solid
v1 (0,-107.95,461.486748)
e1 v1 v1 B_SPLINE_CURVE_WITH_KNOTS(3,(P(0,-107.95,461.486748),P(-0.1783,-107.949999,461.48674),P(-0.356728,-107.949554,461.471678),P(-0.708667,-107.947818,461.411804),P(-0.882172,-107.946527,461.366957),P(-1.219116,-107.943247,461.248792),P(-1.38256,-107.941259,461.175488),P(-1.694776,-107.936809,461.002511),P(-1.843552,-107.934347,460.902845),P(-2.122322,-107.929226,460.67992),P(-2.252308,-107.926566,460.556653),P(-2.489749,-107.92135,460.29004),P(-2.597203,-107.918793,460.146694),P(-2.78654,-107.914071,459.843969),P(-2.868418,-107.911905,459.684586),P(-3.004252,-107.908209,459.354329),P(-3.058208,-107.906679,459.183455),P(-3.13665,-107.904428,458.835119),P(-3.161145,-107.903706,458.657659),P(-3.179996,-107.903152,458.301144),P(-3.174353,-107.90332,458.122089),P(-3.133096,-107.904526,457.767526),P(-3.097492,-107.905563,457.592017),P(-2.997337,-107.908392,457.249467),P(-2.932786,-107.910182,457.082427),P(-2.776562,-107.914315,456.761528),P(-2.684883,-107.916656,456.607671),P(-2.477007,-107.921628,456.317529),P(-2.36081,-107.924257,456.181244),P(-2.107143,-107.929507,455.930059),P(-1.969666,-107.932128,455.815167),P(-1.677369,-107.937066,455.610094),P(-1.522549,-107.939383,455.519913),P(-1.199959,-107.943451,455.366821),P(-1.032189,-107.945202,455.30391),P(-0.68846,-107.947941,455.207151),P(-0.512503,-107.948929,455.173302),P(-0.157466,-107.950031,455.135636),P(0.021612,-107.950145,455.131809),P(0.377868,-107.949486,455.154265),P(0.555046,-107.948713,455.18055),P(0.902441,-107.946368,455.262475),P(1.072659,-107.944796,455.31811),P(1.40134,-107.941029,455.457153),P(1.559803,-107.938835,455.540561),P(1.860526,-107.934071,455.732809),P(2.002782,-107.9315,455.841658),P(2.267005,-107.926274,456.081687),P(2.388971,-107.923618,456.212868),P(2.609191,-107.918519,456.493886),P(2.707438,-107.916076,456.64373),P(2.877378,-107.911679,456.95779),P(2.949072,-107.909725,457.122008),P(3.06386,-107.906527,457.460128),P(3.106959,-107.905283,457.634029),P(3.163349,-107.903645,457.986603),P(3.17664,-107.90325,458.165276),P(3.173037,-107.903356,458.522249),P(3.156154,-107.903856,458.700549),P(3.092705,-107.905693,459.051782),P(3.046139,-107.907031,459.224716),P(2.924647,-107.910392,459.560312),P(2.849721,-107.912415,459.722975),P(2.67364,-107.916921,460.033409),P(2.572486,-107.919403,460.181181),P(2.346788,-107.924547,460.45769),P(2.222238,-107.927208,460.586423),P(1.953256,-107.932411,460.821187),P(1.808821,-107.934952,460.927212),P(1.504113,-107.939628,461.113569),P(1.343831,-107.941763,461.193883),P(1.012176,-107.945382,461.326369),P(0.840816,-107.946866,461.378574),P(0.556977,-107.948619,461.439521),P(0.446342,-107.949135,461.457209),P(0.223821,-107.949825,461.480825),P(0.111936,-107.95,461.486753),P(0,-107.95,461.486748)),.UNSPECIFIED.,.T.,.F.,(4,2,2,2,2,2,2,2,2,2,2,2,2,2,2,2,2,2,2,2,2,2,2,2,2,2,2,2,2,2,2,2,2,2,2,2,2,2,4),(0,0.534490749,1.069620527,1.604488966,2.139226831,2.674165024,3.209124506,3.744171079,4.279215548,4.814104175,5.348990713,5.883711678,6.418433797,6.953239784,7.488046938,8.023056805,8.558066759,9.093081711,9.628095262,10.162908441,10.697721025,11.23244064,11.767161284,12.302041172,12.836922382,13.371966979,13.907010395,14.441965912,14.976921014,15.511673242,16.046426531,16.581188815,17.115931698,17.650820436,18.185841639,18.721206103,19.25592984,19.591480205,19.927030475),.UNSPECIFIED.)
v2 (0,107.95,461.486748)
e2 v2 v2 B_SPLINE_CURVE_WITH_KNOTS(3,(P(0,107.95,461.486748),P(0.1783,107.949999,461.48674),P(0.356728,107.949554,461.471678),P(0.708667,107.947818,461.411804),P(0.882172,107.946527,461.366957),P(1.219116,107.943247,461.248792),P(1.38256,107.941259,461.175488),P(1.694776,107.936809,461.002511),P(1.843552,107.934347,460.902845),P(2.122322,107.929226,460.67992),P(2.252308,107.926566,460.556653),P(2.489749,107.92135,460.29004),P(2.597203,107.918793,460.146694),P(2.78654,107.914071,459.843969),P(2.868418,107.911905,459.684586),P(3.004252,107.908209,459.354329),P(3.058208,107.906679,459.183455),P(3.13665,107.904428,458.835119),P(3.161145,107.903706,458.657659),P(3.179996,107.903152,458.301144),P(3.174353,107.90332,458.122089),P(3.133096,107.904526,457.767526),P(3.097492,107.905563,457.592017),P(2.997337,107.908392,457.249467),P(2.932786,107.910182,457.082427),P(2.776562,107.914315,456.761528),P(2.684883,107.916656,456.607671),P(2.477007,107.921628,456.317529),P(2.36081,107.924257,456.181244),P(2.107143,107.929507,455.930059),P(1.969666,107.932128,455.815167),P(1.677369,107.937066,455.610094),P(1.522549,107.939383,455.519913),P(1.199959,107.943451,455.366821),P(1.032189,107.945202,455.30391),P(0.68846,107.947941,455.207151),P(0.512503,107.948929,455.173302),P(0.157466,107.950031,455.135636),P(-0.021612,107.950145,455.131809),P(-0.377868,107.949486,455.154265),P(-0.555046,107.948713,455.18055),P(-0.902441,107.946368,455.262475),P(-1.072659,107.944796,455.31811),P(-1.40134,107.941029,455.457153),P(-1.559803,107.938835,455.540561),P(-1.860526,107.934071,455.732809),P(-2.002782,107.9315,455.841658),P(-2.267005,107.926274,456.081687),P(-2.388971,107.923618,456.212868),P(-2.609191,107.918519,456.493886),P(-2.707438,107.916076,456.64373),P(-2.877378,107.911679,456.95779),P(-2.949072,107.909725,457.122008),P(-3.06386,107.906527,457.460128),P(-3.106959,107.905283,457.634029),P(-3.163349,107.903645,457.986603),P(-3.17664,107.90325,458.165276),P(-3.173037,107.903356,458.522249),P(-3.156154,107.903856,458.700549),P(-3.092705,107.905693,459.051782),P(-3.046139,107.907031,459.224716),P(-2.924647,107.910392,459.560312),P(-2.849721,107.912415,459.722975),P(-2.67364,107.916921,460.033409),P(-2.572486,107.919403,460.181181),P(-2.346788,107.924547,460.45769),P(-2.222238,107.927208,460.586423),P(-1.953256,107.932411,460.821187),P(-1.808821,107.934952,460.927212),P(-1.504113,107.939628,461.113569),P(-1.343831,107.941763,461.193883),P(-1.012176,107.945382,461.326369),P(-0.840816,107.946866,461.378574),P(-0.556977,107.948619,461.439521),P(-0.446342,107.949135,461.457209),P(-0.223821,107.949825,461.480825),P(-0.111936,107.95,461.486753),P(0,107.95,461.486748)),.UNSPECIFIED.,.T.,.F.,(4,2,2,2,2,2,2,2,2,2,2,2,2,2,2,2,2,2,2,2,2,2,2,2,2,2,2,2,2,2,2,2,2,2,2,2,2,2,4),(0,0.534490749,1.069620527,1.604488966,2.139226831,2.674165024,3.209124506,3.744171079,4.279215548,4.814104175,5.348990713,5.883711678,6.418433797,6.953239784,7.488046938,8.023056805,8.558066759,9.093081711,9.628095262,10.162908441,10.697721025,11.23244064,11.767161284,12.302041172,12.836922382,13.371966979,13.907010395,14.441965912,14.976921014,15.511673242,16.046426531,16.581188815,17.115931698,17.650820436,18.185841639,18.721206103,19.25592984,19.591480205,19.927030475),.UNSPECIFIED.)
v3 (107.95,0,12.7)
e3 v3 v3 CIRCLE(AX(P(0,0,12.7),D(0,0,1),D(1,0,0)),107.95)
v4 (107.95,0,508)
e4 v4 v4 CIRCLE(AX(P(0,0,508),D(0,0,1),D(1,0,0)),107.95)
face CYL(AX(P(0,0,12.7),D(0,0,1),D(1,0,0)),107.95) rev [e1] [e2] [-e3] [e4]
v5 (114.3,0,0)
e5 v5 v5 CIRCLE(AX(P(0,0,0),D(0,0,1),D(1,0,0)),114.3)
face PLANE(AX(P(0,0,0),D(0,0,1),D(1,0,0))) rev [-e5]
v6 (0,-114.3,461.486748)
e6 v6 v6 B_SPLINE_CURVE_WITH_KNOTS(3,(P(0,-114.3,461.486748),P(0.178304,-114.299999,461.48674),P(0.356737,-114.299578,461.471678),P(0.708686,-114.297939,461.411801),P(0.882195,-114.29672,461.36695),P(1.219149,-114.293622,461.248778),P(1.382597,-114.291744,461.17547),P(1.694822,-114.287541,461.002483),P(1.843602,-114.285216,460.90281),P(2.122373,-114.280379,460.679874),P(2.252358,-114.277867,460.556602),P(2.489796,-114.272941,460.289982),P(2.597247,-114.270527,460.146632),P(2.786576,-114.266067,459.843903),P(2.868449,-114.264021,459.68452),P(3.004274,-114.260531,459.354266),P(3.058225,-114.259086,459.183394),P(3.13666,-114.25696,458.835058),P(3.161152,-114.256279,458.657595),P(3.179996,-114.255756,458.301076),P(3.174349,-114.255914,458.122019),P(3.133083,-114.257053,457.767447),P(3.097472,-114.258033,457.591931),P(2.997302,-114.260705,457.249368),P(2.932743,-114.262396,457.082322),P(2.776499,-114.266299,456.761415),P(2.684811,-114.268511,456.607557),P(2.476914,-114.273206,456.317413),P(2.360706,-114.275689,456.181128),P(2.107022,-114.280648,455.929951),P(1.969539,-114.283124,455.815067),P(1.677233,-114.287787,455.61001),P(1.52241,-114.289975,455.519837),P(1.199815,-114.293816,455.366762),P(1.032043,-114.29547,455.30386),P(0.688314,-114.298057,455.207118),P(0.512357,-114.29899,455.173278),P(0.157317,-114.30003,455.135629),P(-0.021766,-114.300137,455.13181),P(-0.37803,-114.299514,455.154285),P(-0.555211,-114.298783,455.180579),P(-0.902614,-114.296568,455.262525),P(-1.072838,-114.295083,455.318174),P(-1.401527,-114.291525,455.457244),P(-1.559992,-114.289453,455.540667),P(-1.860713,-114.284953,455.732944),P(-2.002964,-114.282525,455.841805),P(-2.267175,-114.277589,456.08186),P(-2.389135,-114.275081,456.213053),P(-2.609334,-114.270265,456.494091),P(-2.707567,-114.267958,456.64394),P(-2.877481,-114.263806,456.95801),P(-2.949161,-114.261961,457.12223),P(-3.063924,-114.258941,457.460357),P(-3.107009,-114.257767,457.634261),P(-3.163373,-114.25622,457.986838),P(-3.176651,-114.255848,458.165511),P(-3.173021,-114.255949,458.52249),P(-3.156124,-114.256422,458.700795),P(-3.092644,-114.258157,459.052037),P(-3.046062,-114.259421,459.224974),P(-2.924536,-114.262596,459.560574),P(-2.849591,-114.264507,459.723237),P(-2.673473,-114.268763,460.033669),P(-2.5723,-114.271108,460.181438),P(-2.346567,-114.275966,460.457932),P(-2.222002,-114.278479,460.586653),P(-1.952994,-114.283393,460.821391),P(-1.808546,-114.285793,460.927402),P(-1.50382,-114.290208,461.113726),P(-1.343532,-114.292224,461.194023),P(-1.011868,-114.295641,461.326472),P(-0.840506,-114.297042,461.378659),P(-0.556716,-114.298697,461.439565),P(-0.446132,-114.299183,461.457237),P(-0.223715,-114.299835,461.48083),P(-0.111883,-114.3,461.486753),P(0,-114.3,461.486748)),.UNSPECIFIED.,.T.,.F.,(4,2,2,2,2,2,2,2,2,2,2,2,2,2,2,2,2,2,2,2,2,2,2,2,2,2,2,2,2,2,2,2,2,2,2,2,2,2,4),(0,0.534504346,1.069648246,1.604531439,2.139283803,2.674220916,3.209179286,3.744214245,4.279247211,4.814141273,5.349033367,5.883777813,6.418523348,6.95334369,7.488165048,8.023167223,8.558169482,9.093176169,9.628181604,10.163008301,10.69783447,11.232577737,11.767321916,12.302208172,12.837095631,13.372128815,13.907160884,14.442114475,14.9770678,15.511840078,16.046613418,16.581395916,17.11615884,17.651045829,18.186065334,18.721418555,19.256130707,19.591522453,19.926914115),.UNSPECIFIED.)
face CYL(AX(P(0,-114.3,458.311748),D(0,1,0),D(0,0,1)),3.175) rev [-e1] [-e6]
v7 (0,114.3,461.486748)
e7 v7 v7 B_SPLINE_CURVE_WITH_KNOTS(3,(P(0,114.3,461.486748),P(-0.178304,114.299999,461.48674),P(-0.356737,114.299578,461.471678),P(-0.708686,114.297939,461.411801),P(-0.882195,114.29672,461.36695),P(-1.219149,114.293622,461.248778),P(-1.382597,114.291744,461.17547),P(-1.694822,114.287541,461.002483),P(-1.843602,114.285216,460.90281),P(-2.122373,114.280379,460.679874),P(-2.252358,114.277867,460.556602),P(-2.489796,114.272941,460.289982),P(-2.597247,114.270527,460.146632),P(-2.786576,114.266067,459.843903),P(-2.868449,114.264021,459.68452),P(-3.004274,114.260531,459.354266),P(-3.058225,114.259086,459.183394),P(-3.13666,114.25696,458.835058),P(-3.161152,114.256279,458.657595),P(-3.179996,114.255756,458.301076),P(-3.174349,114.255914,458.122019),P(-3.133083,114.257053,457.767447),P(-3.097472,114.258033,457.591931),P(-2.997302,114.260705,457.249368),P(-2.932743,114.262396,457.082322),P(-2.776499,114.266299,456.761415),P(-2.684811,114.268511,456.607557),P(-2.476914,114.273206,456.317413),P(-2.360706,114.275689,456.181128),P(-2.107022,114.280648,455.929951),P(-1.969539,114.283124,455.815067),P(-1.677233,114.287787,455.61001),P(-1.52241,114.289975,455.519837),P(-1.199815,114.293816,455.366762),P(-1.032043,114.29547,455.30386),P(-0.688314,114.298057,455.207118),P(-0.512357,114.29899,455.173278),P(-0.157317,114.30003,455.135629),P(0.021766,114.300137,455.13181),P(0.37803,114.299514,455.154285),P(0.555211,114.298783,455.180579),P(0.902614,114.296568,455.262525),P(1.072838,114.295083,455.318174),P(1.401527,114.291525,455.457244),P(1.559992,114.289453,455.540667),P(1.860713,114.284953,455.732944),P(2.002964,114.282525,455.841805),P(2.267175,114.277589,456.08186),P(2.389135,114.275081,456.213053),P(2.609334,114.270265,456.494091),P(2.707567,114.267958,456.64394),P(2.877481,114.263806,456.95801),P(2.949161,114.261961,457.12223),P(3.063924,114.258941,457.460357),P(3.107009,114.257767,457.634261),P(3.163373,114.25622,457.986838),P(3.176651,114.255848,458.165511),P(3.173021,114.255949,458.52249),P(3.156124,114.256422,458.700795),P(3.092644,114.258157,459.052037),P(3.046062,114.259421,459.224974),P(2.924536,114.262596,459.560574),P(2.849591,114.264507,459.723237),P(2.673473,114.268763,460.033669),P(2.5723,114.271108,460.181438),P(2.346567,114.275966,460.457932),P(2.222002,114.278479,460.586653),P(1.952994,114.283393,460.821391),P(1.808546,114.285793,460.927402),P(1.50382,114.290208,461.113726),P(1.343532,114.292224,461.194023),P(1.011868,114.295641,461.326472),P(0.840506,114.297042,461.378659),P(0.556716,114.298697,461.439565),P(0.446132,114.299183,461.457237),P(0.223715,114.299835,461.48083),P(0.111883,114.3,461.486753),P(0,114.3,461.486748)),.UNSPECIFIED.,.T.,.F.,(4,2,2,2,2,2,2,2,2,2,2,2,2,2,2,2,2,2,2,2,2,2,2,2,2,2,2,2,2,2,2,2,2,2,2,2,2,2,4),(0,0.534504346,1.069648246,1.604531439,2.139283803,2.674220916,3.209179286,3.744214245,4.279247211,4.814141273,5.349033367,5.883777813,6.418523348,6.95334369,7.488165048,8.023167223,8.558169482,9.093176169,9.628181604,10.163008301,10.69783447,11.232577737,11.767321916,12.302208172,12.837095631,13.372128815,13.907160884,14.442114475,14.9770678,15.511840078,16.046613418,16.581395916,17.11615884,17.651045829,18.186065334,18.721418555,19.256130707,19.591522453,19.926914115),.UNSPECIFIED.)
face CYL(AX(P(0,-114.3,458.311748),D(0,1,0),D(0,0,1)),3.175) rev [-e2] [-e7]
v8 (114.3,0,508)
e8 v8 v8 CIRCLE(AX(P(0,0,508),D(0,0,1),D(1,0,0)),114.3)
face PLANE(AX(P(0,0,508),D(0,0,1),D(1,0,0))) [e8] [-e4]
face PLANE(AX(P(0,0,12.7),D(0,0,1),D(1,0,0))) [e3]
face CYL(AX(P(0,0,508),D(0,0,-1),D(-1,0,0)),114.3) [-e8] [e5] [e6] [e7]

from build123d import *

# Parameters (mm, degrees)
SKETCH2_R               = 114.3
BOSS_EXTRUDE2_DEPTH     = 508
SKETCH3_R               = 107.95
CUT_EXTRUDE1_DEPTH      = 495.3
CUT_EXTRUDE2_DEPTH      = 534.09753329
CUT_EXTRUDE2_DEPTH_BACK = 534.09753329
SKETCH4_R               = 3.175


with BuildPart() as part:
    # Sketch2 → Boss-Extrude2 (new body)
    with BuildSketch(Plane.XY):
        Circle(SKETCH2_R)
    extrude(amount=BOSS_EXTRUDE2_DEPTH)

    # Sketch3 → Cut-Extrude1 (cut)
    with BuildSketch(Plane.XY.offset(508)):
        Circle(SKETCH3_R)
    extrude(amount=-CUT_EXTRUDE1_DEPTH, mode=Mode.SUBTRACT)

    # Sketch4 → Cut-Extrude2 (cut, two sides: drawn at the far end of the back side and taken through both)
    with BuildSketch(Plane(origin=(0, 0, 0), x_dir=(1, 0, 0), z_dir=(0, 1, 0)).offset(-CUT_EXTRUDE2_DEPTH_BACK)):
        with Locations(Location((0, -458.311748057, 0), (0, 0, 270))):
            Circle(SKETCH4_R)
    extrude(amount=CUT_EXTRUDE2_DEPTH + CUT_EXTRUDE2_DEPTH_BACK, mode=Mode.SUBTRACT)


solid = part.part
